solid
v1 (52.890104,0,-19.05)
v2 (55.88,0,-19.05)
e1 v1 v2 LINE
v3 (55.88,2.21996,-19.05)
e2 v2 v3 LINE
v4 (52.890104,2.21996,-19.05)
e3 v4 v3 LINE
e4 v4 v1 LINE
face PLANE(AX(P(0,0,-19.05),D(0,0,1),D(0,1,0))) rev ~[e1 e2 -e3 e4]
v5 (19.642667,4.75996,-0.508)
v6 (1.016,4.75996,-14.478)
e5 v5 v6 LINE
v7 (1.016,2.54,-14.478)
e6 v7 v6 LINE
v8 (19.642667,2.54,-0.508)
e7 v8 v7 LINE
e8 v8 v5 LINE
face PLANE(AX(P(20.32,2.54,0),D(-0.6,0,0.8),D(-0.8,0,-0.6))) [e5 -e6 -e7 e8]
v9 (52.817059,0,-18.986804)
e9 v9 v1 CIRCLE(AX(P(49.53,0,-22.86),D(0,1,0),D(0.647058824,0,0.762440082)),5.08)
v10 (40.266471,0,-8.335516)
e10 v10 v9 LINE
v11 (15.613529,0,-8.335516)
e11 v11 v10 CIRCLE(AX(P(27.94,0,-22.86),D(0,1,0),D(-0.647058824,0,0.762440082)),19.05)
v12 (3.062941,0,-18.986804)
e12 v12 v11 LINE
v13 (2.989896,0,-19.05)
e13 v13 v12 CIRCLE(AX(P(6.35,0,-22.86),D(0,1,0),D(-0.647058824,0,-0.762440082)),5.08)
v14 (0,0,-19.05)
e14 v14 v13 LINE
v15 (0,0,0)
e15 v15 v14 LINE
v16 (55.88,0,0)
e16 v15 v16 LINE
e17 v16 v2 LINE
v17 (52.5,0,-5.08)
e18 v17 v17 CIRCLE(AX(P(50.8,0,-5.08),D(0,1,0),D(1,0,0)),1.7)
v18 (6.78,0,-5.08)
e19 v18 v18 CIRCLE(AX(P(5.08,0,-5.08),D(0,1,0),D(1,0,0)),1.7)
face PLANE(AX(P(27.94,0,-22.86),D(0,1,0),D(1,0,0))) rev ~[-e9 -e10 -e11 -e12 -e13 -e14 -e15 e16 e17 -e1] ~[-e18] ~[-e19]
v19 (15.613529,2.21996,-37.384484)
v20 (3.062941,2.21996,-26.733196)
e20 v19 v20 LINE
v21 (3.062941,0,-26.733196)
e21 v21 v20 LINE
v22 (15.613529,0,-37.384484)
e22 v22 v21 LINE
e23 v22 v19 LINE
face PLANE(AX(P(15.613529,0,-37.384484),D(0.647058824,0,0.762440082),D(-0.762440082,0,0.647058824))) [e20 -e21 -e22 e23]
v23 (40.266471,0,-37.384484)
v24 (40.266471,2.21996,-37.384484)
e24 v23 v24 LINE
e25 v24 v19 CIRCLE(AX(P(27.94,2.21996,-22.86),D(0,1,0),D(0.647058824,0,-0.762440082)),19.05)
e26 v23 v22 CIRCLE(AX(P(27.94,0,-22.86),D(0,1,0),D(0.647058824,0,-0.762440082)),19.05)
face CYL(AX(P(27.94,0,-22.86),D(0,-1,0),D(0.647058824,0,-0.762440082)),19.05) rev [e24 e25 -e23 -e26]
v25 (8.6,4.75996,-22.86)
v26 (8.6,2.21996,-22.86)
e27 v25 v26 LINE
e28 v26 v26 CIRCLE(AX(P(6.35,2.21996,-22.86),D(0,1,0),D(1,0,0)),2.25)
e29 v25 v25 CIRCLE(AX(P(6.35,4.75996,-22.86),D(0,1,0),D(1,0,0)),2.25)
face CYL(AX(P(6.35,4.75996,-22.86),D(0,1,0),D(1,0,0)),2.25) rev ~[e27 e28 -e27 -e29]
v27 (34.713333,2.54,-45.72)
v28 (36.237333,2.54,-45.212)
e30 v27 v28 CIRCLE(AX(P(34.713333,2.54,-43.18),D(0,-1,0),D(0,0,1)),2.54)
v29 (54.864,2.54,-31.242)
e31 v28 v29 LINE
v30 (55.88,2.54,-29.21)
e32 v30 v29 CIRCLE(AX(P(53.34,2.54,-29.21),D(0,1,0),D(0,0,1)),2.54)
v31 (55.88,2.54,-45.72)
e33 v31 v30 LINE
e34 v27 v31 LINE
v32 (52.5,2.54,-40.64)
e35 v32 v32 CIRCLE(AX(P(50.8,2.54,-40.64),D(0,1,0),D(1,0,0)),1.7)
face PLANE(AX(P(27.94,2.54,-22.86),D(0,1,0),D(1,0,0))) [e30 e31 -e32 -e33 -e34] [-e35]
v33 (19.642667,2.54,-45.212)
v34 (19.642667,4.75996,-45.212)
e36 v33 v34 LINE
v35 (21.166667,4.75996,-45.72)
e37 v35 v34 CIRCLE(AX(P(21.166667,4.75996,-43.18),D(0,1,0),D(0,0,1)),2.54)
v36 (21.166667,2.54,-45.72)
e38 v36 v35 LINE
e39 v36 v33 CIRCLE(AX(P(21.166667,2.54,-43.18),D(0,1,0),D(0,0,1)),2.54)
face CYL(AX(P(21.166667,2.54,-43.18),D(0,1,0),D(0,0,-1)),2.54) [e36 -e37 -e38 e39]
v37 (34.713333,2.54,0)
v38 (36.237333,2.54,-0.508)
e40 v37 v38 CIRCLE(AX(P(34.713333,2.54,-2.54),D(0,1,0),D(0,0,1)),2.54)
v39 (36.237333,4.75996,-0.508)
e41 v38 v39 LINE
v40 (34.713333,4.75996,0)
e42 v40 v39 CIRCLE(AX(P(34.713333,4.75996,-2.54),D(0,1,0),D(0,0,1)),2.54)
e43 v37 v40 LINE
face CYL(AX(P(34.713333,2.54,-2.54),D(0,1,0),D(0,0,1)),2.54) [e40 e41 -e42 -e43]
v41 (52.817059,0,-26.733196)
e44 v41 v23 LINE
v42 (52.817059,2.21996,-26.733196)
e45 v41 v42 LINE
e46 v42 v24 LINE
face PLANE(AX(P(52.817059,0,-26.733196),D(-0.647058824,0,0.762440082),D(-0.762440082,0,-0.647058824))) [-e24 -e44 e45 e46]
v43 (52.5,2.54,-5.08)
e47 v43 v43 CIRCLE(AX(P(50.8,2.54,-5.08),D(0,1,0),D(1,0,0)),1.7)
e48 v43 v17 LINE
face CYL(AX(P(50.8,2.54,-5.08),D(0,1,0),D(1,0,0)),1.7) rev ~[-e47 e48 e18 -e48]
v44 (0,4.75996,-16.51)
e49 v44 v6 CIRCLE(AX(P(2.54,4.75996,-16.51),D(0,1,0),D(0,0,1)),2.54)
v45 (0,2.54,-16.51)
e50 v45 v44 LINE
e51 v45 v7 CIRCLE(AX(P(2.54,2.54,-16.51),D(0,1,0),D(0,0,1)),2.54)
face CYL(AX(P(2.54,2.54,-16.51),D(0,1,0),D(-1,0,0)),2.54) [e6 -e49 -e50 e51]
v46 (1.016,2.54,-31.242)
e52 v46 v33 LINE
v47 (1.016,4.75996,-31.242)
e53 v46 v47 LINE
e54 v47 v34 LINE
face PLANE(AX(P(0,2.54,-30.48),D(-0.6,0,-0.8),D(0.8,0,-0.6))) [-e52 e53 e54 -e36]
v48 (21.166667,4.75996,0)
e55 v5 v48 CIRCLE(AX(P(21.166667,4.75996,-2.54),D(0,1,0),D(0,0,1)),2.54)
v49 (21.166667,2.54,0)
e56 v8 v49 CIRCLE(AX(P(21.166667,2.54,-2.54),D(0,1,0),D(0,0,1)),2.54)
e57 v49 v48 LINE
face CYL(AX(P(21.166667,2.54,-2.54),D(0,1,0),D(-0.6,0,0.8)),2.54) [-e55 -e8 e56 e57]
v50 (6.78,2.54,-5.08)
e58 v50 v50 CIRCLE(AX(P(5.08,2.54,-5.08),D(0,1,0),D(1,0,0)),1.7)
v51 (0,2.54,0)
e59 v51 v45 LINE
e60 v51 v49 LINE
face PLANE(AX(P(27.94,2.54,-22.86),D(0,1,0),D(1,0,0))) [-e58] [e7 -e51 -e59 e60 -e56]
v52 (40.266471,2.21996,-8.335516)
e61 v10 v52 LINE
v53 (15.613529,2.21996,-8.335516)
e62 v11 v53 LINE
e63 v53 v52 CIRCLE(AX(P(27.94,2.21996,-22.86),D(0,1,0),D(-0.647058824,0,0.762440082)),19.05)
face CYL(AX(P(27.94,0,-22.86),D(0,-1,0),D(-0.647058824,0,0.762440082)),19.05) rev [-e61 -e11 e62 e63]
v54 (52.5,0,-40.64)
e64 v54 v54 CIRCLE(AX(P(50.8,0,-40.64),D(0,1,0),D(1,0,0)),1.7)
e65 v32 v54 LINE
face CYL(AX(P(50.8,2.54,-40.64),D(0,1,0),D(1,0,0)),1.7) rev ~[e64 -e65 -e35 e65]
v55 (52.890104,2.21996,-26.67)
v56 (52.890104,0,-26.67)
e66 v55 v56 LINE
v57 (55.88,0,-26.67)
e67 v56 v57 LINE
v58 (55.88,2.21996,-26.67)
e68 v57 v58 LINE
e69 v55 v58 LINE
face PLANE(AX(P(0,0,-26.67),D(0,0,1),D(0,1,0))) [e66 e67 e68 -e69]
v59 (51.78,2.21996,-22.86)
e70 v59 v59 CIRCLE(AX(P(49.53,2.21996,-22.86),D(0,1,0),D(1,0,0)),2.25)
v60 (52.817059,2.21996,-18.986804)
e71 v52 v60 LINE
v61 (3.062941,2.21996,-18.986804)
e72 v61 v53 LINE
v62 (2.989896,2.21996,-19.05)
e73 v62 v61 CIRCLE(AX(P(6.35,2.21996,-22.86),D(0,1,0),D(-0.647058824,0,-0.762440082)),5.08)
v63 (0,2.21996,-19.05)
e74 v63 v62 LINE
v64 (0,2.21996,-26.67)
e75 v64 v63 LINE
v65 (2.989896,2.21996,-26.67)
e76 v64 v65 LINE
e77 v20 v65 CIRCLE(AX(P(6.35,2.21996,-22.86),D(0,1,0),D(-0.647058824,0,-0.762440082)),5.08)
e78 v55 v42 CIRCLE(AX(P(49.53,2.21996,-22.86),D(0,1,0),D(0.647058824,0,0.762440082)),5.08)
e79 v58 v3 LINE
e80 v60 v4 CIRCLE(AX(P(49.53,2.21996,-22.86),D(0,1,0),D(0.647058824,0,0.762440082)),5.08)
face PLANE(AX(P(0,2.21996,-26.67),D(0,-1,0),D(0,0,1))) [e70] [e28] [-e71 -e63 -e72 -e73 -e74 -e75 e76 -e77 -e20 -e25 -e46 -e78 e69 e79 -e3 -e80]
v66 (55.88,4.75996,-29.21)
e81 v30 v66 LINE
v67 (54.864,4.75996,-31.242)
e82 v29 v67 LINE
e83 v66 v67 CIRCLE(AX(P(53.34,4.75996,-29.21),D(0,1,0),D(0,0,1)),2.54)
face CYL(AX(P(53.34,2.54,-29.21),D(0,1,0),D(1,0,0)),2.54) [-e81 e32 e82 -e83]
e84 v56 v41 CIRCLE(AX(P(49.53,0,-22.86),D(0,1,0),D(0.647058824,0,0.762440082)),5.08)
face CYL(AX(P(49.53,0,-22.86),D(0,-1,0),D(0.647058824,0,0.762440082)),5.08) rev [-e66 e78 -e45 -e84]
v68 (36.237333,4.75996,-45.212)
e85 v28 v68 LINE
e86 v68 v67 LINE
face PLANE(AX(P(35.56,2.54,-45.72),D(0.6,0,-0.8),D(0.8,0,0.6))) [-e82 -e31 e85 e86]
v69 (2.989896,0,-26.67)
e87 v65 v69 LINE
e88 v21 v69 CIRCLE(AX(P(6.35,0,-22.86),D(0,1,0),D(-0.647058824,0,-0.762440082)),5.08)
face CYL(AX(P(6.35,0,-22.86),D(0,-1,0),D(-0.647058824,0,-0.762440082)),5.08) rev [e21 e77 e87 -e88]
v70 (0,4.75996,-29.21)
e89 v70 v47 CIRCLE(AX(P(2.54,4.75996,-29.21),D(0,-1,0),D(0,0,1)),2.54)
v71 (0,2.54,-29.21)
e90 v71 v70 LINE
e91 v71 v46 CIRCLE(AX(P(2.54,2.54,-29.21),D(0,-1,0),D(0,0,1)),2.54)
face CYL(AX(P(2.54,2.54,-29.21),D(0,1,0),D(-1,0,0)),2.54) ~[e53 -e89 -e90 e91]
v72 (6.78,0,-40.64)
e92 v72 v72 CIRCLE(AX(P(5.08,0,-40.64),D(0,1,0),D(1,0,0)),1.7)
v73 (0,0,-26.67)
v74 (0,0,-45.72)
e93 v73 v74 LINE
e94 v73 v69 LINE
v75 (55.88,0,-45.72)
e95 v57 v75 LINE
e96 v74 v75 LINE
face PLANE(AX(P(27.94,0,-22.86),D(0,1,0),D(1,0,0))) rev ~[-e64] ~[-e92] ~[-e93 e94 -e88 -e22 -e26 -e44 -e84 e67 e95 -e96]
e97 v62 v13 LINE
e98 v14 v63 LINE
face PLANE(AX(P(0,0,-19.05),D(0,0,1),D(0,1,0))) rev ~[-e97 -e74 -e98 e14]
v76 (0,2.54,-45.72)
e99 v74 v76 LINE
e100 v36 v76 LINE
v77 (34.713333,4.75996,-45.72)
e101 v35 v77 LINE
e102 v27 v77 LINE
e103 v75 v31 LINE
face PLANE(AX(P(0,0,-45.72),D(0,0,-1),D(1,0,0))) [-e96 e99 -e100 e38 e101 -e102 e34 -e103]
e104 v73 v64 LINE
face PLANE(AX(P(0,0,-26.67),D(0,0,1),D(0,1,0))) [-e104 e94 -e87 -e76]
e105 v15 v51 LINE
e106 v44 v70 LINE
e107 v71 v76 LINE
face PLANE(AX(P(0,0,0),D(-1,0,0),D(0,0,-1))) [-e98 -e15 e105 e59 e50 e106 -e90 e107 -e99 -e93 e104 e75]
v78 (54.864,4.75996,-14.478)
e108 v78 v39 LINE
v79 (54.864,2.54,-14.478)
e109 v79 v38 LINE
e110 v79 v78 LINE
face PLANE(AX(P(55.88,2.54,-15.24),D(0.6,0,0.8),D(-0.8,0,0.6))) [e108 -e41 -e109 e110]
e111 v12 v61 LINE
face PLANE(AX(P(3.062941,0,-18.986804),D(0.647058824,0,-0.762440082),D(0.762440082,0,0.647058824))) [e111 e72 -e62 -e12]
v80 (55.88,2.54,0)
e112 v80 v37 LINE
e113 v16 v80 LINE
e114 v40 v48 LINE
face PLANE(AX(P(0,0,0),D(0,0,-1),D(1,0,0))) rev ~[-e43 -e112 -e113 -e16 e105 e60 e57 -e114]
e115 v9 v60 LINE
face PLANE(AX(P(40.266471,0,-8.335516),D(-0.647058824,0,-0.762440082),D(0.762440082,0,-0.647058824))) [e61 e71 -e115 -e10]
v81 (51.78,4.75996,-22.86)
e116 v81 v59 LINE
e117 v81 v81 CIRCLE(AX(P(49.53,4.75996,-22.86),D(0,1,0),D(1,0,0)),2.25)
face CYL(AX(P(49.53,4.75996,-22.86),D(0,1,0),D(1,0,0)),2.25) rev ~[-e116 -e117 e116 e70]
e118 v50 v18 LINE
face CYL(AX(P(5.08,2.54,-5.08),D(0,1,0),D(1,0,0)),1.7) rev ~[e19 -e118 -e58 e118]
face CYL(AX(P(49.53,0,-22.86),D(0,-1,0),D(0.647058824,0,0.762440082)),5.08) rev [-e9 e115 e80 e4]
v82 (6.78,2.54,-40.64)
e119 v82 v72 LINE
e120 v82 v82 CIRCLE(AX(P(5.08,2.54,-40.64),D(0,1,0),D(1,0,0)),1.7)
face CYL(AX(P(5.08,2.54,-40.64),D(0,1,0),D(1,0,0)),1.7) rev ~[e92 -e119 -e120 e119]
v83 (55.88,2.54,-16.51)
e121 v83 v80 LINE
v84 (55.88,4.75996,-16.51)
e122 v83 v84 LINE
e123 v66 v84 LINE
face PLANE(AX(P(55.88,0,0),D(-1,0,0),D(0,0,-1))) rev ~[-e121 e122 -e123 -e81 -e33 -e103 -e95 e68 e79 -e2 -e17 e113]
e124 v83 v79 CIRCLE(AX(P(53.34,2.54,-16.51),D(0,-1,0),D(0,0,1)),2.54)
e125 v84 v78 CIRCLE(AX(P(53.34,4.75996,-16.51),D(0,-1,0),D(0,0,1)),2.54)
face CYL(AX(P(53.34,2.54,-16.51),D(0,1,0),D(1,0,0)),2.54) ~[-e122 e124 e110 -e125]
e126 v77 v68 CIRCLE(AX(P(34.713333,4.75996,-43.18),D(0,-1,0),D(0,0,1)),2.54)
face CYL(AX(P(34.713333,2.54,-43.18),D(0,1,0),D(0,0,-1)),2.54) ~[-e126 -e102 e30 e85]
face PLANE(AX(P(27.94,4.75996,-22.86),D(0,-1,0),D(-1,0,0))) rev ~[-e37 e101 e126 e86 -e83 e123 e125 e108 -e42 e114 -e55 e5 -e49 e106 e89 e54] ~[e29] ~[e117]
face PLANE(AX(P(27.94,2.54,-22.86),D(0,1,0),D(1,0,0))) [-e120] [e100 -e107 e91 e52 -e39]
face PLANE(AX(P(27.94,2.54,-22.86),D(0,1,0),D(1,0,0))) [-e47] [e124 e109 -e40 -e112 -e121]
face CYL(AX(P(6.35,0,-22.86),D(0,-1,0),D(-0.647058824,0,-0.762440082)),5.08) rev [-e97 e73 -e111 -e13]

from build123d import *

# Parameters (mm, degrees)
SKETCH1_W           = 55.88
SKETCH1_H           = 45.72
BOSS_EXTRUDE1_DEPTH = 2.54
CUT_EXTRUDE1_REACH  = 4.54
SKETCH2_R           = 1.7
BOSS_EXTRUDE2_DEPTH = 2.21996
CUT_EXTRUDE2_DEPTH  = 2.21996
CUT_EXTRUDE3_REACH  = 6.76
SKETCH6_R           = 2.25
SKETCH7_W           = 7.62
SKETCH7_H           = 2.21996
CUT_EXTRUDE4_DEPTH  = 56.88
FILLET1_R           = 2.54


with BuildPart() as part:
    # Sketch1 → Boss-Extrude1 (new body)
    with BuildSketch(Plane(origin=(0, 0, 0), x_dir=(1, 0, 0), z_dir=(0, 1, 0))):
        with Locations((27.94, 22.86)):
            Rectangle(SKETCH1_W, SKETCH1_H)
    extrude(amount=BOSS_EXTRUDE1_DEPTH)

    # Sketch2 → Cut-Extrude1 (cut, up to next)
    with BuildSketch(Plane(origin=(0, 2.54, 0), x_dir=(1, 0, 0), z_dir=(0, 1, 0)), mode=Mode.PRIVATE) as cut_extrude1_sk1:
        with Locations((5.08, 40.64)):
            Circle(SKETCH2_R)
    cut_extrude1_tool1 = extrude(cut_extrude1_sk1.sketch, amount=-CUT_EXTRUDE1_REACH, mode=Mode.PRIVATE) & part.part
    add(cut_extrude1_tool1.solids().sort_by_distance((5.08, 2.54, -40.64))[0], mode=Mode.SUBTRACT)
    # Sketch2 → Cut-Extrude1 (cut, up to next)
    with BuildSketch(Plane(origin=(0, 2.54, 0), x_dir=(1, 0, 0), z_dir=(0, 1, 0)), mode=Mode.PRIVATE) as cut_extrude1_sk2:
        with Locations((50.8, 40.64)):
            Circle(SKETCH2_R)
    cut_extrude1_tool2 = extrude(cut_extrude1_sk2.sketch, amount=-CUT_EXTRUDE1_REACH, mode=Mode.PRIVATE) & part.part
    add(cut_extrude1_tool2.solids().sort_by_distance((50.8, 2.54, -40.64))[0], mode=Mode.SUBTRACT)
    # Sketch2 → Cut-Extrude1 (cut, up to next)
    with BuildSketch(Plane(origin=(0, 2.54, 0), x_dir=(1, 0, 0), z_dir=(0, 1, 0)), mode=Mode.PRIVATE) as cut_extrude1_sk3:
        with Locations((50.8, 5.08)):
            Circle(SKETCH2_R)
    cut_extrude1_tool3 = extrude(cut_extrude1_sk3.sketch, amount=-CUT_EXTRUDE1_REACH, mode=Mode.PRIVATE) & part.part
    add(cut_extrude1_tool3.solids().sort_by_distance((50.8, 2.54, -5.08))[0], mode=Mode.SUBTRACT)
    # Sketch2 → Cut-Extrude1 (cut, up to next)
    with BuildSketch(Plane(origin=(0, 2.54, 0), x_dir=(1, 0, 0), z_dir=(0, 1, 0)), mode=Mode.PRIVATE) as cut_extrude1_sk4:
        with Locations((5.08, 5.08)):
            Circle(SKETCH2_R)
    cut_extrude1_tool4 = extrude(cut_extrude1_sk4.sketch, amount=-CUT_EXTRUDE1_REACH, mode=Mode.PRIVATE) & part.part
    add(cut_extrude1_tool4.solids().sort_by_distance((5.08, 2.54, -5.08))[0], mode=Mode.SUBTRACT)

    # Sketch4 → Boss-Extrude2 (add)
    with BuildSketch(Plane(origin=(0, 2.54, 0), x_dir=(1, 0, 0), z_dir=(0, 1, 0))):
        Polygon((0, 30.48), (20.32, 45.72), (35.56, 45.72), (55.88, 30.48), (55.88, 15.24), (35.56, 0), (20.32, 0), (0, 15.24), align=None)
    extrude(amount=BOSS_EXTRUDE2_DEPTH)

    # Sketch5 → Cut-Extrude2 (cut)
    with BuildSketch(Plane.XZ):
        with BuildLine():
            Line((3.062941176, -18.986804383), (15.613529412, -8.335516435))
            ThreePointArc((15.613529412, -8.335516435), (27.94, -3.81), (40.266470588, -8.335516435))
            Line((40.266470588, -8.335516435), (52.817058824, -18.986804383))
            ThreePointArc((52.817058824, -18.986804383), (54.61, -22.86), (52.817058824, -26.733195617))
            Line((52.817058824, -26.733195617), (40.266470588, -37.384483565))
            ThreePointArc((40.266470588, -37.384483565), (27.94, -41.91), (15.613529412, -37.384483565))
            Line((15.613529412, -37.384483565), (3.062941176, -26.733195617))
            ThreePointArc((3.062941176, -26.733195617), (1.27, -22.86), (3.062941176, -18.986804383))
        make_face()
    extrude(amount=-CUT_EXTRUDE2_DEPTH, mode=Mode.SUBTRACT)

    # Sketch6 → Cut-Extrude3 (cut, up to next)
    with BuildSketch(Plane(origin=(0, 4.75996, 0), x_dir=(1, 0, 0), z_dir=(0, 1, 0)), mode=Mode.PRIVATE) as cut_extrude3_sk1:
        with Locations((6.35, 22.86)):
            Circle(SKETCH6_R)
    cut_extrude3_tool1 = extrude(cut_extrude3_sk1.sketch, amount=-CUT_EXTRUDE3_REACH, mode=Mode.PRIVATE) & part.part
    add(cut_extrude3_tool1.solids().sort_by_distance((6.35, 4.75996, -22.86))[0], mode=Mode.SUBTRACT)
    # Sketch6 → Cut-Extrude3 (cut, up to next)
    with BuildSketch(Plane(origin=(0, 4.75996, 0), x_dir=(1, 0, 0), z_dir=(0, 1, 0)), mode=Mode.PRIVATE) as cut_extrude3_sk2:
        with Locations((49.53, 22.86)):
            Circle(SKETCH6_R)
    cut_extrude3_tool2 = extrude(cut_extrude3_sk2.sketch, amount=-CUT_EXTRUDE3_REACH, mode=Mode.PRIVATE) & part.part
    add(cut_extrude3_tool2.solids().sort_by_distance((49.53, 4.75996, -22.86))[0], mode=Mode.SUBTRACT)

    # Sketch7 → Cut-Extrude4 (cut, through all)
    with BuildSketch(Plane.ZY):
        with Locations((-22.86, 1.10998)):
            Rectangle(SKETCH7_W, SKETCH7_H)
    extrude(amount=-CUT_EXTRUDE4_DEPTH, mode=Mode.SUBTRACT)

    # Fillet1
    fillet1_edges = [part.edges().sort_by_distance(p)[0] for p in [
        (0, 3.64998, -30.48),
        (0, 3.64998, -15.24),
        (20.32, 3.64998, 0),
        (35.56, 3.64998, 0),
        (55.88, 3.64998, -15.24),
        (55.88, 3.64998, -30.48),
        (35.56, 3.64998, -45.72),
        (20.32, 3.64998, -45.72),
    ]]
    fillet(fillet1_edges, radius=FILLET1_R)


solid = part.part
